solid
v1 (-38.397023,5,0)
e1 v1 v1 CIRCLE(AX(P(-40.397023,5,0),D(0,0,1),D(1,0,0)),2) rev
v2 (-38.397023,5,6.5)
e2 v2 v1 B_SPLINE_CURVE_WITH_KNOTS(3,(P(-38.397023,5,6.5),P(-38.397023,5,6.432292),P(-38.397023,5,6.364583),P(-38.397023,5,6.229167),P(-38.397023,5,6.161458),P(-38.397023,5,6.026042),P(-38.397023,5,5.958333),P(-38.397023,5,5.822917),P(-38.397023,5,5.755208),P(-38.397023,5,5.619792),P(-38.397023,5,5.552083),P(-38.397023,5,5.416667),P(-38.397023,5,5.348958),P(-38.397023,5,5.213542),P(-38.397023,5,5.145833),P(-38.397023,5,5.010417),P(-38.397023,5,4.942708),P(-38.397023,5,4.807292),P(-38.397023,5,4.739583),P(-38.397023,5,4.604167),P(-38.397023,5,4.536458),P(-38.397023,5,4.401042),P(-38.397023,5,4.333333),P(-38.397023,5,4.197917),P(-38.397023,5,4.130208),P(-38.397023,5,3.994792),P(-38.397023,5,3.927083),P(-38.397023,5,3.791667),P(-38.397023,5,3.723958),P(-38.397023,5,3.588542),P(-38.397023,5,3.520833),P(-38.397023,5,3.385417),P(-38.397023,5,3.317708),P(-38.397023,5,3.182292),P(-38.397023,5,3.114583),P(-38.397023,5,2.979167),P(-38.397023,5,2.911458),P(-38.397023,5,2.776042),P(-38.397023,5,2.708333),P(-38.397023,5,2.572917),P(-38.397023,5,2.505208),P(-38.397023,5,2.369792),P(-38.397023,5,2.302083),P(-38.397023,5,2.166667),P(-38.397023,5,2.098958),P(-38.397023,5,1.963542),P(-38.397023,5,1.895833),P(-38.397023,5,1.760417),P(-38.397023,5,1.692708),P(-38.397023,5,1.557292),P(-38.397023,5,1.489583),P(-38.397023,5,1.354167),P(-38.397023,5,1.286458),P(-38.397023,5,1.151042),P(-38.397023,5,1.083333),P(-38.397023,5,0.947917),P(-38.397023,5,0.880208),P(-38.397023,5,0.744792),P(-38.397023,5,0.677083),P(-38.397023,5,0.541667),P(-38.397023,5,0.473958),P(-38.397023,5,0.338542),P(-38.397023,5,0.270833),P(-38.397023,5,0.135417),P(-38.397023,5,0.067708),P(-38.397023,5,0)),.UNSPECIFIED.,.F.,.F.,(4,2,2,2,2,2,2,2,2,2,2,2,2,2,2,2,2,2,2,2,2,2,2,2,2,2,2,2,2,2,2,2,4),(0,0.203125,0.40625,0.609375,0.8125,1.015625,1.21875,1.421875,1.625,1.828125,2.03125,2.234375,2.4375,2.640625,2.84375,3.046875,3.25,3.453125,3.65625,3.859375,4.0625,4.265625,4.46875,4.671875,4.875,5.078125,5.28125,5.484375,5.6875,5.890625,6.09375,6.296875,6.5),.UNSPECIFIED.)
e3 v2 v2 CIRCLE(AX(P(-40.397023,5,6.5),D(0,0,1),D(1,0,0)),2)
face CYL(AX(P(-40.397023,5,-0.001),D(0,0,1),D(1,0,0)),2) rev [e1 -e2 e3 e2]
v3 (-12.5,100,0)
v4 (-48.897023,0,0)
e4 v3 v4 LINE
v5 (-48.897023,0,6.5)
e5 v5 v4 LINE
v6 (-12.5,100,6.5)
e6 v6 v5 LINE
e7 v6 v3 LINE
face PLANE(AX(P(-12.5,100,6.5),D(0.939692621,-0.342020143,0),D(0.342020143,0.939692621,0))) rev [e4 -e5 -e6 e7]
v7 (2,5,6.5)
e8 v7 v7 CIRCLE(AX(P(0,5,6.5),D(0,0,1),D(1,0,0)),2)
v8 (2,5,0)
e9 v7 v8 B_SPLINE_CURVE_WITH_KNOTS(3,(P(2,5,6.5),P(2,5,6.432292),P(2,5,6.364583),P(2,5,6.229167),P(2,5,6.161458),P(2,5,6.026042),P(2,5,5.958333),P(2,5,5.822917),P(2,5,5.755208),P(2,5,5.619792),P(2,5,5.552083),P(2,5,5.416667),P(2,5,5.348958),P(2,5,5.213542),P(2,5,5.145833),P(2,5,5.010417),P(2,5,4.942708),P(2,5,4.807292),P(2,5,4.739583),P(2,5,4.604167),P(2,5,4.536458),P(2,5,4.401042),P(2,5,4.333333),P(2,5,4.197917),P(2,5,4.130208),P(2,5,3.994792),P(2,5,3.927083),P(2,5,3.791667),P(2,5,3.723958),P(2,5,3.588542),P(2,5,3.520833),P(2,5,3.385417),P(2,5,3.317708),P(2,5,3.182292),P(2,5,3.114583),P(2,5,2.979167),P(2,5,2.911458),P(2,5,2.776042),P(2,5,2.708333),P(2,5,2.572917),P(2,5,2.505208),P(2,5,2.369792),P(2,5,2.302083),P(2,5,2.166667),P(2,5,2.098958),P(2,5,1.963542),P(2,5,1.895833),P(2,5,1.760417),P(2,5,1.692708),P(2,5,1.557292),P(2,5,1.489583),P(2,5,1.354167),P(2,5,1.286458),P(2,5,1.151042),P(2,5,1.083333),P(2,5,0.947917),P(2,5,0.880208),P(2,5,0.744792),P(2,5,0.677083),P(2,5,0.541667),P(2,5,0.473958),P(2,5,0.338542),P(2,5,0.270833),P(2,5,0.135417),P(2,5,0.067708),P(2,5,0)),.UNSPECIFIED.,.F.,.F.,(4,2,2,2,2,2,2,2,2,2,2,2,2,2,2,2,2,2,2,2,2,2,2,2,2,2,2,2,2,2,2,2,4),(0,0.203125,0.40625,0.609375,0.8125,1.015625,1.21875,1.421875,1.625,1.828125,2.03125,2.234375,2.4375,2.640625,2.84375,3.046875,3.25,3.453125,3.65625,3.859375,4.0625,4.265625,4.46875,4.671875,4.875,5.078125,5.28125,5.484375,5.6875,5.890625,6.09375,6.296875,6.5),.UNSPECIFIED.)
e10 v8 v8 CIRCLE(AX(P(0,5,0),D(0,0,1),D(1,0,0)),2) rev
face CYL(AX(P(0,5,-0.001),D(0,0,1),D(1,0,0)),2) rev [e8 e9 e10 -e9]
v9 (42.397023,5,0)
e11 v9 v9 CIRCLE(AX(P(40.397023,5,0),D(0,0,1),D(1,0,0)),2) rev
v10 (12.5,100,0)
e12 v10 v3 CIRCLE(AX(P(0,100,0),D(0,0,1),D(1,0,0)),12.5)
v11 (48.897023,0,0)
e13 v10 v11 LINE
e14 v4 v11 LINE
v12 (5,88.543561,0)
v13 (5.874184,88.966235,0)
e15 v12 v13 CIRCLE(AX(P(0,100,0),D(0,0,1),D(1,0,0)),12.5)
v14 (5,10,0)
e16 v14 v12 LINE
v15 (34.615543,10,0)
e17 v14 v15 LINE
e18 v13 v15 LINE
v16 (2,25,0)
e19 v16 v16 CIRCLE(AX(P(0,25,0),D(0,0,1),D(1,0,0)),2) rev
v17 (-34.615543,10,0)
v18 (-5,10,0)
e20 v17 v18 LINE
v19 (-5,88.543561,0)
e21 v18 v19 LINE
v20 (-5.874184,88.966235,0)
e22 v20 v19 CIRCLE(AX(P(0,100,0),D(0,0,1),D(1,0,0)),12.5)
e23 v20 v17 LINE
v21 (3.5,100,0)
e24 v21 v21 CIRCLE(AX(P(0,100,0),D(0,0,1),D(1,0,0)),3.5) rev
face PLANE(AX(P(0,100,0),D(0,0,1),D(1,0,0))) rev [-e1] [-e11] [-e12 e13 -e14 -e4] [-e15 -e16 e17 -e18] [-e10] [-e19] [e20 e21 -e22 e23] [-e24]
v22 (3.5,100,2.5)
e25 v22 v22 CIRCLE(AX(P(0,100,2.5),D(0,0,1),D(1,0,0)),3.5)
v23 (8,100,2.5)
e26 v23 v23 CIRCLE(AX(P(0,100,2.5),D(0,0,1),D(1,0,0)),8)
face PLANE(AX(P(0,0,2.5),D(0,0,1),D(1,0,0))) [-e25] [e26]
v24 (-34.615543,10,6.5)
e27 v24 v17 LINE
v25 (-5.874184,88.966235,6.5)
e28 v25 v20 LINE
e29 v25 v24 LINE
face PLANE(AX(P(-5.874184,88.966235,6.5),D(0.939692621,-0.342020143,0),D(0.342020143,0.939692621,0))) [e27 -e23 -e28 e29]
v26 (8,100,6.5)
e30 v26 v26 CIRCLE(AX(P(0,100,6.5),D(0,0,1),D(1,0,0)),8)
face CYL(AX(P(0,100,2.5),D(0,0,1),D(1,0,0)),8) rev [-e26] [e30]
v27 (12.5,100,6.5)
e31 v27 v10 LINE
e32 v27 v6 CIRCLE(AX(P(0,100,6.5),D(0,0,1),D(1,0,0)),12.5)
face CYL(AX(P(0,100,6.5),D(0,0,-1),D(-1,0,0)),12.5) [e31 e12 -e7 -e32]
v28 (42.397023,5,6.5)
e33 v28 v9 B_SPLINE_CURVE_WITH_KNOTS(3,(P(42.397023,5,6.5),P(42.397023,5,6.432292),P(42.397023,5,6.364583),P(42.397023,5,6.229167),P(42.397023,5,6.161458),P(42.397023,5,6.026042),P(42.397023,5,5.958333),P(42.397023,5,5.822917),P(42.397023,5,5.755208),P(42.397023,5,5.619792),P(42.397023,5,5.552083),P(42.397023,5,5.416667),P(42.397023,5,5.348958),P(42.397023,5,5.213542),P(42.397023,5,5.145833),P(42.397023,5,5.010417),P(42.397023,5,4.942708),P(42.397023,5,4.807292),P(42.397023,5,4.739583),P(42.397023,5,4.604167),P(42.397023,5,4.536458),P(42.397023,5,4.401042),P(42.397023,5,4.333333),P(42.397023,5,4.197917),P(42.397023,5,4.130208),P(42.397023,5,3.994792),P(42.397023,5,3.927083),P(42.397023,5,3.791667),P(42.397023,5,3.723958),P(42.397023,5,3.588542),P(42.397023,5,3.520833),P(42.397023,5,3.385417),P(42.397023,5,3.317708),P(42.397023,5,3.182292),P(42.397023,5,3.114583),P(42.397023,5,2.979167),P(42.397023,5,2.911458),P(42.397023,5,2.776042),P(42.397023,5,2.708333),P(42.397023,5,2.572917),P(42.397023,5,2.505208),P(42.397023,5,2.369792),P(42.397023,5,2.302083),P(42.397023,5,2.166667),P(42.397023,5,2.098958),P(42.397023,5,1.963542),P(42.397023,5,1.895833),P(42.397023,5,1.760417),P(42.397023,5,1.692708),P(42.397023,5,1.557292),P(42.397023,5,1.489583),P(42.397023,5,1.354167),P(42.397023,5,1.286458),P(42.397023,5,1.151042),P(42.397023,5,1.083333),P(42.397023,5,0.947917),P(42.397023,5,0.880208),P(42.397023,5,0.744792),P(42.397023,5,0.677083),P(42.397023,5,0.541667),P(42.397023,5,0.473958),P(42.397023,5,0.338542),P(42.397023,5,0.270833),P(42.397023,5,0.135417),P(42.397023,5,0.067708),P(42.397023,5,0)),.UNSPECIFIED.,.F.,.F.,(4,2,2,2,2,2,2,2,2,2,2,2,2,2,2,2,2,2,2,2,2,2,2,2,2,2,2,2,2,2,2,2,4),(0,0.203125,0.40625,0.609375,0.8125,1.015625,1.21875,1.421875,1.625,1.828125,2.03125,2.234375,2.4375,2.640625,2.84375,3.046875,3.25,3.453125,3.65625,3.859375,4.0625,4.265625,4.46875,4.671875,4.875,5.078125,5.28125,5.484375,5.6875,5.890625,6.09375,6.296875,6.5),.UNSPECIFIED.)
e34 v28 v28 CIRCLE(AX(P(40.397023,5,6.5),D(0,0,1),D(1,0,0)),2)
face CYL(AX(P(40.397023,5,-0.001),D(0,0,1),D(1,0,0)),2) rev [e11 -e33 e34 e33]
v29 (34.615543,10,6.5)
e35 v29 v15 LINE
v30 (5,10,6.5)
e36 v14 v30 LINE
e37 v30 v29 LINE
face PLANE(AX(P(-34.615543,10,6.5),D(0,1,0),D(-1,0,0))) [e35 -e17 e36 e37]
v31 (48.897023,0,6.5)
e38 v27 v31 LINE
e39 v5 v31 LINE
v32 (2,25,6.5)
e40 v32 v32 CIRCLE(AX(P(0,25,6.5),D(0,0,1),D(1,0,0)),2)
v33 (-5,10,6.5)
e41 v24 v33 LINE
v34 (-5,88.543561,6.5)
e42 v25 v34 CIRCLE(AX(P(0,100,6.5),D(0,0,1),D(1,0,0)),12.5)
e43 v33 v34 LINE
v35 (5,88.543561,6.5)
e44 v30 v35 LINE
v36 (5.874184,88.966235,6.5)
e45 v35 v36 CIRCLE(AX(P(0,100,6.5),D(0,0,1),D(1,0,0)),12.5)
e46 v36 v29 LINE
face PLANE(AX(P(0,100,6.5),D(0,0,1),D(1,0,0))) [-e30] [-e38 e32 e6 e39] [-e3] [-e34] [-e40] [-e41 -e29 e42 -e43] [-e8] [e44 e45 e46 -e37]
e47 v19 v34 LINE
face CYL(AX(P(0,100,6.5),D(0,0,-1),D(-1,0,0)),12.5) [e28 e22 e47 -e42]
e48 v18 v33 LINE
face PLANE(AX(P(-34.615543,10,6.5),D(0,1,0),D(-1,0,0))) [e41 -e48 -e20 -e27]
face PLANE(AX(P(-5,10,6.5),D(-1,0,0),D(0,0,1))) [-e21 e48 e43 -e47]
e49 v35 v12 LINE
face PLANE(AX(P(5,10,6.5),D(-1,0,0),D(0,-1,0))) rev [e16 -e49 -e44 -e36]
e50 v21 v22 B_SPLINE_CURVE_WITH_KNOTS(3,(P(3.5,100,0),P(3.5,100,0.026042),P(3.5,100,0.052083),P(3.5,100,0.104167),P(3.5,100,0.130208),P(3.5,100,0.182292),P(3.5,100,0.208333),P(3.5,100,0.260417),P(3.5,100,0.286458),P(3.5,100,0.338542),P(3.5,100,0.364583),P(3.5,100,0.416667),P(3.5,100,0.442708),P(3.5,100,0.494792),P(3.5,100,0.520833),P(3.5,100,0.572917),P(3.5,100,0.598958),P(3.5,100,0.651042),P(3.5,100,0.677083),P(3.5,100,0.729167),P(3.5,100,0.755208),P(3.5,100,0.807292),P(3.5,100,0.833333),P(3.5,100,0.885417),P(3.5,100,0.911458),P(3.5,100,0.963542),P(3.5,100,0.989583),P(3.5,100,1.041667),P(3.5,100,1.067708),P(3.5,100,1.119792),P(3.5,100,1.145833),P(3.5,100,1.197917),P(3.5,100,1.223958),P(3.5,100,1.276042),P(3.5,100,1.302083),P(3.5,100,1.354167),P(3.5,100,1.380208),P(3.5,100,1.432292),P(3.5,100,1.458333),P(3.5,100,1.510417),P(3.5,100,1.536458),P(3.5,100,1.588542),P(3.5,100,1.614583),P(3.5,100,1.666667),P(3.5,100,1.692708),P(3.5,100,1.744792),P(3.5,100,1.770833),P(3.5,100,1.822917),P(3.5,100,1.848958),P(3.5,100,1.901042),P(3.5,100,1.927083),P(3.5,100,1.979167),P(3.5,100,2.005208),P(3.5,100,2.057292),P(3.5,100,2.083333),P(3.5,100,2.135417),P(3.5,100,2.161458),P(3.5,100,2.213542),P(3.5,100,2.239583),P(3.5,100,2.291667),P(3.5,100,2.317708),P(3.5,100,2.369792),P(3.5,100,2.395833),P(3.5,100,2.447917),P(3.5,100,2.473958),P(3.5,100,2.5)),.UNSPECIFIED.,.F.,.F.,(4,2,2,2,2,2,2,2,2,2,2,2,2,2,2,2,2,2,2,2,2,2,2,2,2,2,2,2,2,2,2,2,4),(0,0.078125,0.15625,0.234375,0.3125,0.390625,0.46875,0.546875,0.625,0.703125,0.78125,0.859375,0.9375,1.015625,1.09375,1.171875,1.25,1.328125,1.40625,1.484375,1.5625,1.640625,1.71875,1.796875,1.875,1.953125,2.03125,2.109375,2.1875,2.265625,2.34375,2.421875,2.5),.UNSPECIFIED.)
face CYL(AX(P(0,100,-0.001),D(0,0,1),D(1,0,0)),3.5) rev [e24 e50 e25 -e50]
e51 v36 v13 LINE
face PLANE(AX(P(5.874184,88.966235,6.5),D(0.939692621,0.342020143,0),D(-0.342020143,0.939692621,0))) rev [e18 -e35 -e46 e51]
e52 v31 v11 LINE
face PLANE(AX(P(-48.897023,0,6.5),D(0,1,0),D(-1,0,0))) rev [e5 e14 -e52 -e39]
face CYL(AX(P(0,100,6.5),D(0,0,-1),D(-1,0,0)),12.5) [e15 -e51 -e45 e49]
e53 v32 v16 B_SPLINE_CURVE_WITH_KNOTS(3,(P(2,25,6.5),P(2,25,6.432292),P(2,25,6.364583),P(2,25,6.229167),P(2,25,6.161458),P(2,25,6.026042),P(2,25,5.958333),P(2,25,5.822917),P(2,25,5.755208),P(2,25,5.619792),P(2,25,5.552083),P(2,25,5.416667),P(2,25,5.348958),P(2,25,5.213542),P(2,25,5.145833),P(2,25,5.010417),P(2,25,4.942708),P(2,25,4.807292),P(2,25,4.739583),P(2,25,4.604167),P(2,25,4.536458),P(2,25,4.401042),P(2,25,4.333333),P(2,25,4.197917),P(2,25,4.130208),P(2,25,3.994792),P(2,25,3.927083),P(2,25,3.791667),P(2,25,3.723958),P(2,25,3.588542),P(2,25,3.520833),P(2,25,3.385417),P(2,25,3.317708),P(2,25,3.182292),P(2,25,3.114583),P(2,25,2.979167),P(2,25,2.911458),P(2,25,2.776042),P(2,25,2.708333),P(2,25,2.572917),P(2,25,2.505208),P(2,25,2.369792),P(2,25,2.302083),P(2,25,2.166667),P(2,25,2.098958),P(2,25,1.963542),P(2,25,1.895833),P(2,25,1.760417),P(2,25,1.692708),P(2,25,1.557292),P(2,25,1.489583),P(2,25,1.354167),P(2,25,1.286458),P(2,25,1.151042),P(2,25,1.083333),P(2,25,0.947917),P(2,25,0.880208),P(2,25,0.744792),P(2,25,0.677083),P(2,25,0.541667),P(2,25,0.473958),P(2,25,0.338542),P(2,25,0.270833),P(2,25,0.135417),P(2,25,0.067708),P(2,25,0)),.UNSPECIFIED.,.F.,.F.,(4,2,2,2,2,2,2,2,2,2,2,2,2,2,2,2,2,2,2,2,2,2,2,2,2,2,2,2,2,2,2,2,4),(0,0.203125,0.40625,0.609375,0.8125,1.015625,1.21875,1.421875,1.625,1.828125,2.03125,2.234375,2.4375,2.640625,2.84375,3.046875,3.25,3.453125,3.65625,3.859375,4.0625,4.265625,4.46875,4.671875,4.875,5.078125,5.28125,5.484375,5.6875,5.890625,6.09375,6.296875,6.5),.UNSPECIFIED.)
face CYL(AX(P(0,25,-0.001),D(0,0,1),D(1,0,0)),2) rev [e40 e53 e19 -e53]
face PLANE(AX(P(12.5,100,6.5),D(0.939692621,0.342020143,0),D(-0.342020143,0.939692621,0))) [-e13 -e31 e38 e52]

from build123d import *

# Parameters (mm, degrees)
SKETCH1_R           = 12.5
BOSS_EXTRUDE1_DEPTH = 6.5
CUT_EXTRUDE1_REACH  = 124.839
SKETCH2_R           = 3.5
SKETCH2_3_R         = 8
SKETCH2_3_R_2       = 3.5
CUT_EXTRUDE2_DEPTH  = 4
CUT_EXTRUDE4_REACH  = 124.839
SKETCH3_R           = 2


with BuildPart() as part:
    # Sketch1 → Boss-Extrude1 (new body)
    with BuildSketch(Plane.XY):
        with Locations((0, 100)):
            Circle(SKETCH1_R)
        with BuildLine():
            Line((-48.897023427, 0), (48.897023427, 0))
            Line((48.897023427, 0), (12.5, 100))
            ThreePointArc((12.5, 100), (10.716279715, 93.564834962), (5.87418415, 88.966235431))
            Line((5.87418415, 88.966235431), (34.615543359, 10))
            Line((34.615543359, 10), (-34.615543359, 10))
            Line((-34.615543359, 10), (-5.87418415, 88.966235431))
            ThreePointArc((-5.87418415, 88.966235431), (-10.716279715, 93.564834962), (-12.5, 100))
            Line((-12.5, 100), (-48.897023427, 0))
        make_face()
        with BuildLine():
            Line((-5, 10), (5, 10))
            Line((5, 10), (5, 88.543560763))
            ThreePointArc((5, 88.543560763), (0, 87.5), (-5, 88.543560763))
            Line((-5, 88.543560763), (-5, 10))
        make_face()
    extrude(amount=BOSS_EXTRUDE1_DEPTH)

    # Sketch2 → Cut-Extrude1 (cut, up to next)
    with BuildSketch(Plane.XY.offset(6.5), mode=Mode.PRIVATE) as cut_extrude1_sk1:
        with Locations((0, 100)):
            Circle(SKETCH2_R)
    cut_extrude1_tool1 = extrude(cut_extrude1_sk1.sketch, amount=-CUT_EXTRUDE1_REACH, mode=Mode.PRIVATE) & part.part
    add(cut_extrude1_tool1.solids().sort_by_distance((0, 100, 6.5))[0], mode=Mode.SUBTRACT)

    # Sketch2<3> → Cut-Extrude2 (cut)
    with BuildSketch(Plane.XY.offset(6.5)):
        with Locations((0, 100)):
            Circle(SKETCH2_3_R)
        with Locations((0, 100)):
            Circle(SKETCH2_3_R_2, mode=Mode.SUBTRACT)
    extrude(amount=-CUT_EXTRUDE2_DEPTH, mode=Mode.SUBTRACT)

    # Sketch3 → Cut-Extrude4 (cut, up to next)
    with BuildSketch(Plane.XY.offset(6.5), mode=Mode.PRIVATE) as cut_extrude4_sk1:
        with Locations((0, 5)):
            Circle(SKETCH3_R)
    cut_extrude4_tool1 = extrude(cut_extrude4_sk1.sketch, amount=-CUT_EXTRUDE4_REACH, mode=Mode.PRIVATE) & part.part
    # Sketch3 → Cut-Extrude4 (cut, up to next)
    with BuildSketch(Plane.XY.offset(6.5), mode=Mode.PRIVATE) as cut_extrude4_sk2:
        with Locations((40.397023427, 5)):
            Circle(SKETCH3_R)
    cut_extrude4_tool2 = extrude(cut_extrude4_sk2.sketch, amount=-CUT_EXTRUDE4_REACH, mode=Mode.PRIVATE) & part.part
    # Sketch3 → Cut-Extrude4 (cut, up to next)
    with BuildSketch(Plane.XY.offset(6.5), mode=Mode.PRIVATE) as cut_extrude4_sk3:
        with Locations((-40.397023427, 5)):
            Circle(SKETCH3_R)
    cut_extrude4_tool3 = extrude(cut_extrude4_sk3.sketch, amount=-CUT_EXTRUDE4_REACH, mode=Mode.PRIVATE) & part.part
    # Sketch3 → Cut-Extrude4 (cut, up to next)
    with BuildSketch(Plane.XY.offset(6.5), mode=Mode.PRIVATE) as cut_extrude4_sk4:
        with Locations((0, 25)):
            Circle(SKETCH3_R)
    cut_extrude4_tool4 = extrude(cut_extrude4_sk4.sketch, amount=-CUT_EXTRUDE4_REACH, mode=Mode.PRIVATE) & part.part
    add(cut_extrude4_tool1.solids().sort_by_distance((0, 5, 6.5))[0], mode=Mode.SUBTRACT)
    add(cut_extrude4_tool2.solids().sort_by_distance((40.397023, 5, 6.5))[0], mode=Mode.SUBTRACT)
    add(cut_extrude4_tool3.solids().sort_by_distance((-40.397023, 5, 6.5))[0], mode=Mode.SUBTRACT)
    add(cut_extrude4_tool4.solids().sort_by_distance((0, 25, 6.5))[0], mode=Mode.SUBTRACT)


solid = part.part
